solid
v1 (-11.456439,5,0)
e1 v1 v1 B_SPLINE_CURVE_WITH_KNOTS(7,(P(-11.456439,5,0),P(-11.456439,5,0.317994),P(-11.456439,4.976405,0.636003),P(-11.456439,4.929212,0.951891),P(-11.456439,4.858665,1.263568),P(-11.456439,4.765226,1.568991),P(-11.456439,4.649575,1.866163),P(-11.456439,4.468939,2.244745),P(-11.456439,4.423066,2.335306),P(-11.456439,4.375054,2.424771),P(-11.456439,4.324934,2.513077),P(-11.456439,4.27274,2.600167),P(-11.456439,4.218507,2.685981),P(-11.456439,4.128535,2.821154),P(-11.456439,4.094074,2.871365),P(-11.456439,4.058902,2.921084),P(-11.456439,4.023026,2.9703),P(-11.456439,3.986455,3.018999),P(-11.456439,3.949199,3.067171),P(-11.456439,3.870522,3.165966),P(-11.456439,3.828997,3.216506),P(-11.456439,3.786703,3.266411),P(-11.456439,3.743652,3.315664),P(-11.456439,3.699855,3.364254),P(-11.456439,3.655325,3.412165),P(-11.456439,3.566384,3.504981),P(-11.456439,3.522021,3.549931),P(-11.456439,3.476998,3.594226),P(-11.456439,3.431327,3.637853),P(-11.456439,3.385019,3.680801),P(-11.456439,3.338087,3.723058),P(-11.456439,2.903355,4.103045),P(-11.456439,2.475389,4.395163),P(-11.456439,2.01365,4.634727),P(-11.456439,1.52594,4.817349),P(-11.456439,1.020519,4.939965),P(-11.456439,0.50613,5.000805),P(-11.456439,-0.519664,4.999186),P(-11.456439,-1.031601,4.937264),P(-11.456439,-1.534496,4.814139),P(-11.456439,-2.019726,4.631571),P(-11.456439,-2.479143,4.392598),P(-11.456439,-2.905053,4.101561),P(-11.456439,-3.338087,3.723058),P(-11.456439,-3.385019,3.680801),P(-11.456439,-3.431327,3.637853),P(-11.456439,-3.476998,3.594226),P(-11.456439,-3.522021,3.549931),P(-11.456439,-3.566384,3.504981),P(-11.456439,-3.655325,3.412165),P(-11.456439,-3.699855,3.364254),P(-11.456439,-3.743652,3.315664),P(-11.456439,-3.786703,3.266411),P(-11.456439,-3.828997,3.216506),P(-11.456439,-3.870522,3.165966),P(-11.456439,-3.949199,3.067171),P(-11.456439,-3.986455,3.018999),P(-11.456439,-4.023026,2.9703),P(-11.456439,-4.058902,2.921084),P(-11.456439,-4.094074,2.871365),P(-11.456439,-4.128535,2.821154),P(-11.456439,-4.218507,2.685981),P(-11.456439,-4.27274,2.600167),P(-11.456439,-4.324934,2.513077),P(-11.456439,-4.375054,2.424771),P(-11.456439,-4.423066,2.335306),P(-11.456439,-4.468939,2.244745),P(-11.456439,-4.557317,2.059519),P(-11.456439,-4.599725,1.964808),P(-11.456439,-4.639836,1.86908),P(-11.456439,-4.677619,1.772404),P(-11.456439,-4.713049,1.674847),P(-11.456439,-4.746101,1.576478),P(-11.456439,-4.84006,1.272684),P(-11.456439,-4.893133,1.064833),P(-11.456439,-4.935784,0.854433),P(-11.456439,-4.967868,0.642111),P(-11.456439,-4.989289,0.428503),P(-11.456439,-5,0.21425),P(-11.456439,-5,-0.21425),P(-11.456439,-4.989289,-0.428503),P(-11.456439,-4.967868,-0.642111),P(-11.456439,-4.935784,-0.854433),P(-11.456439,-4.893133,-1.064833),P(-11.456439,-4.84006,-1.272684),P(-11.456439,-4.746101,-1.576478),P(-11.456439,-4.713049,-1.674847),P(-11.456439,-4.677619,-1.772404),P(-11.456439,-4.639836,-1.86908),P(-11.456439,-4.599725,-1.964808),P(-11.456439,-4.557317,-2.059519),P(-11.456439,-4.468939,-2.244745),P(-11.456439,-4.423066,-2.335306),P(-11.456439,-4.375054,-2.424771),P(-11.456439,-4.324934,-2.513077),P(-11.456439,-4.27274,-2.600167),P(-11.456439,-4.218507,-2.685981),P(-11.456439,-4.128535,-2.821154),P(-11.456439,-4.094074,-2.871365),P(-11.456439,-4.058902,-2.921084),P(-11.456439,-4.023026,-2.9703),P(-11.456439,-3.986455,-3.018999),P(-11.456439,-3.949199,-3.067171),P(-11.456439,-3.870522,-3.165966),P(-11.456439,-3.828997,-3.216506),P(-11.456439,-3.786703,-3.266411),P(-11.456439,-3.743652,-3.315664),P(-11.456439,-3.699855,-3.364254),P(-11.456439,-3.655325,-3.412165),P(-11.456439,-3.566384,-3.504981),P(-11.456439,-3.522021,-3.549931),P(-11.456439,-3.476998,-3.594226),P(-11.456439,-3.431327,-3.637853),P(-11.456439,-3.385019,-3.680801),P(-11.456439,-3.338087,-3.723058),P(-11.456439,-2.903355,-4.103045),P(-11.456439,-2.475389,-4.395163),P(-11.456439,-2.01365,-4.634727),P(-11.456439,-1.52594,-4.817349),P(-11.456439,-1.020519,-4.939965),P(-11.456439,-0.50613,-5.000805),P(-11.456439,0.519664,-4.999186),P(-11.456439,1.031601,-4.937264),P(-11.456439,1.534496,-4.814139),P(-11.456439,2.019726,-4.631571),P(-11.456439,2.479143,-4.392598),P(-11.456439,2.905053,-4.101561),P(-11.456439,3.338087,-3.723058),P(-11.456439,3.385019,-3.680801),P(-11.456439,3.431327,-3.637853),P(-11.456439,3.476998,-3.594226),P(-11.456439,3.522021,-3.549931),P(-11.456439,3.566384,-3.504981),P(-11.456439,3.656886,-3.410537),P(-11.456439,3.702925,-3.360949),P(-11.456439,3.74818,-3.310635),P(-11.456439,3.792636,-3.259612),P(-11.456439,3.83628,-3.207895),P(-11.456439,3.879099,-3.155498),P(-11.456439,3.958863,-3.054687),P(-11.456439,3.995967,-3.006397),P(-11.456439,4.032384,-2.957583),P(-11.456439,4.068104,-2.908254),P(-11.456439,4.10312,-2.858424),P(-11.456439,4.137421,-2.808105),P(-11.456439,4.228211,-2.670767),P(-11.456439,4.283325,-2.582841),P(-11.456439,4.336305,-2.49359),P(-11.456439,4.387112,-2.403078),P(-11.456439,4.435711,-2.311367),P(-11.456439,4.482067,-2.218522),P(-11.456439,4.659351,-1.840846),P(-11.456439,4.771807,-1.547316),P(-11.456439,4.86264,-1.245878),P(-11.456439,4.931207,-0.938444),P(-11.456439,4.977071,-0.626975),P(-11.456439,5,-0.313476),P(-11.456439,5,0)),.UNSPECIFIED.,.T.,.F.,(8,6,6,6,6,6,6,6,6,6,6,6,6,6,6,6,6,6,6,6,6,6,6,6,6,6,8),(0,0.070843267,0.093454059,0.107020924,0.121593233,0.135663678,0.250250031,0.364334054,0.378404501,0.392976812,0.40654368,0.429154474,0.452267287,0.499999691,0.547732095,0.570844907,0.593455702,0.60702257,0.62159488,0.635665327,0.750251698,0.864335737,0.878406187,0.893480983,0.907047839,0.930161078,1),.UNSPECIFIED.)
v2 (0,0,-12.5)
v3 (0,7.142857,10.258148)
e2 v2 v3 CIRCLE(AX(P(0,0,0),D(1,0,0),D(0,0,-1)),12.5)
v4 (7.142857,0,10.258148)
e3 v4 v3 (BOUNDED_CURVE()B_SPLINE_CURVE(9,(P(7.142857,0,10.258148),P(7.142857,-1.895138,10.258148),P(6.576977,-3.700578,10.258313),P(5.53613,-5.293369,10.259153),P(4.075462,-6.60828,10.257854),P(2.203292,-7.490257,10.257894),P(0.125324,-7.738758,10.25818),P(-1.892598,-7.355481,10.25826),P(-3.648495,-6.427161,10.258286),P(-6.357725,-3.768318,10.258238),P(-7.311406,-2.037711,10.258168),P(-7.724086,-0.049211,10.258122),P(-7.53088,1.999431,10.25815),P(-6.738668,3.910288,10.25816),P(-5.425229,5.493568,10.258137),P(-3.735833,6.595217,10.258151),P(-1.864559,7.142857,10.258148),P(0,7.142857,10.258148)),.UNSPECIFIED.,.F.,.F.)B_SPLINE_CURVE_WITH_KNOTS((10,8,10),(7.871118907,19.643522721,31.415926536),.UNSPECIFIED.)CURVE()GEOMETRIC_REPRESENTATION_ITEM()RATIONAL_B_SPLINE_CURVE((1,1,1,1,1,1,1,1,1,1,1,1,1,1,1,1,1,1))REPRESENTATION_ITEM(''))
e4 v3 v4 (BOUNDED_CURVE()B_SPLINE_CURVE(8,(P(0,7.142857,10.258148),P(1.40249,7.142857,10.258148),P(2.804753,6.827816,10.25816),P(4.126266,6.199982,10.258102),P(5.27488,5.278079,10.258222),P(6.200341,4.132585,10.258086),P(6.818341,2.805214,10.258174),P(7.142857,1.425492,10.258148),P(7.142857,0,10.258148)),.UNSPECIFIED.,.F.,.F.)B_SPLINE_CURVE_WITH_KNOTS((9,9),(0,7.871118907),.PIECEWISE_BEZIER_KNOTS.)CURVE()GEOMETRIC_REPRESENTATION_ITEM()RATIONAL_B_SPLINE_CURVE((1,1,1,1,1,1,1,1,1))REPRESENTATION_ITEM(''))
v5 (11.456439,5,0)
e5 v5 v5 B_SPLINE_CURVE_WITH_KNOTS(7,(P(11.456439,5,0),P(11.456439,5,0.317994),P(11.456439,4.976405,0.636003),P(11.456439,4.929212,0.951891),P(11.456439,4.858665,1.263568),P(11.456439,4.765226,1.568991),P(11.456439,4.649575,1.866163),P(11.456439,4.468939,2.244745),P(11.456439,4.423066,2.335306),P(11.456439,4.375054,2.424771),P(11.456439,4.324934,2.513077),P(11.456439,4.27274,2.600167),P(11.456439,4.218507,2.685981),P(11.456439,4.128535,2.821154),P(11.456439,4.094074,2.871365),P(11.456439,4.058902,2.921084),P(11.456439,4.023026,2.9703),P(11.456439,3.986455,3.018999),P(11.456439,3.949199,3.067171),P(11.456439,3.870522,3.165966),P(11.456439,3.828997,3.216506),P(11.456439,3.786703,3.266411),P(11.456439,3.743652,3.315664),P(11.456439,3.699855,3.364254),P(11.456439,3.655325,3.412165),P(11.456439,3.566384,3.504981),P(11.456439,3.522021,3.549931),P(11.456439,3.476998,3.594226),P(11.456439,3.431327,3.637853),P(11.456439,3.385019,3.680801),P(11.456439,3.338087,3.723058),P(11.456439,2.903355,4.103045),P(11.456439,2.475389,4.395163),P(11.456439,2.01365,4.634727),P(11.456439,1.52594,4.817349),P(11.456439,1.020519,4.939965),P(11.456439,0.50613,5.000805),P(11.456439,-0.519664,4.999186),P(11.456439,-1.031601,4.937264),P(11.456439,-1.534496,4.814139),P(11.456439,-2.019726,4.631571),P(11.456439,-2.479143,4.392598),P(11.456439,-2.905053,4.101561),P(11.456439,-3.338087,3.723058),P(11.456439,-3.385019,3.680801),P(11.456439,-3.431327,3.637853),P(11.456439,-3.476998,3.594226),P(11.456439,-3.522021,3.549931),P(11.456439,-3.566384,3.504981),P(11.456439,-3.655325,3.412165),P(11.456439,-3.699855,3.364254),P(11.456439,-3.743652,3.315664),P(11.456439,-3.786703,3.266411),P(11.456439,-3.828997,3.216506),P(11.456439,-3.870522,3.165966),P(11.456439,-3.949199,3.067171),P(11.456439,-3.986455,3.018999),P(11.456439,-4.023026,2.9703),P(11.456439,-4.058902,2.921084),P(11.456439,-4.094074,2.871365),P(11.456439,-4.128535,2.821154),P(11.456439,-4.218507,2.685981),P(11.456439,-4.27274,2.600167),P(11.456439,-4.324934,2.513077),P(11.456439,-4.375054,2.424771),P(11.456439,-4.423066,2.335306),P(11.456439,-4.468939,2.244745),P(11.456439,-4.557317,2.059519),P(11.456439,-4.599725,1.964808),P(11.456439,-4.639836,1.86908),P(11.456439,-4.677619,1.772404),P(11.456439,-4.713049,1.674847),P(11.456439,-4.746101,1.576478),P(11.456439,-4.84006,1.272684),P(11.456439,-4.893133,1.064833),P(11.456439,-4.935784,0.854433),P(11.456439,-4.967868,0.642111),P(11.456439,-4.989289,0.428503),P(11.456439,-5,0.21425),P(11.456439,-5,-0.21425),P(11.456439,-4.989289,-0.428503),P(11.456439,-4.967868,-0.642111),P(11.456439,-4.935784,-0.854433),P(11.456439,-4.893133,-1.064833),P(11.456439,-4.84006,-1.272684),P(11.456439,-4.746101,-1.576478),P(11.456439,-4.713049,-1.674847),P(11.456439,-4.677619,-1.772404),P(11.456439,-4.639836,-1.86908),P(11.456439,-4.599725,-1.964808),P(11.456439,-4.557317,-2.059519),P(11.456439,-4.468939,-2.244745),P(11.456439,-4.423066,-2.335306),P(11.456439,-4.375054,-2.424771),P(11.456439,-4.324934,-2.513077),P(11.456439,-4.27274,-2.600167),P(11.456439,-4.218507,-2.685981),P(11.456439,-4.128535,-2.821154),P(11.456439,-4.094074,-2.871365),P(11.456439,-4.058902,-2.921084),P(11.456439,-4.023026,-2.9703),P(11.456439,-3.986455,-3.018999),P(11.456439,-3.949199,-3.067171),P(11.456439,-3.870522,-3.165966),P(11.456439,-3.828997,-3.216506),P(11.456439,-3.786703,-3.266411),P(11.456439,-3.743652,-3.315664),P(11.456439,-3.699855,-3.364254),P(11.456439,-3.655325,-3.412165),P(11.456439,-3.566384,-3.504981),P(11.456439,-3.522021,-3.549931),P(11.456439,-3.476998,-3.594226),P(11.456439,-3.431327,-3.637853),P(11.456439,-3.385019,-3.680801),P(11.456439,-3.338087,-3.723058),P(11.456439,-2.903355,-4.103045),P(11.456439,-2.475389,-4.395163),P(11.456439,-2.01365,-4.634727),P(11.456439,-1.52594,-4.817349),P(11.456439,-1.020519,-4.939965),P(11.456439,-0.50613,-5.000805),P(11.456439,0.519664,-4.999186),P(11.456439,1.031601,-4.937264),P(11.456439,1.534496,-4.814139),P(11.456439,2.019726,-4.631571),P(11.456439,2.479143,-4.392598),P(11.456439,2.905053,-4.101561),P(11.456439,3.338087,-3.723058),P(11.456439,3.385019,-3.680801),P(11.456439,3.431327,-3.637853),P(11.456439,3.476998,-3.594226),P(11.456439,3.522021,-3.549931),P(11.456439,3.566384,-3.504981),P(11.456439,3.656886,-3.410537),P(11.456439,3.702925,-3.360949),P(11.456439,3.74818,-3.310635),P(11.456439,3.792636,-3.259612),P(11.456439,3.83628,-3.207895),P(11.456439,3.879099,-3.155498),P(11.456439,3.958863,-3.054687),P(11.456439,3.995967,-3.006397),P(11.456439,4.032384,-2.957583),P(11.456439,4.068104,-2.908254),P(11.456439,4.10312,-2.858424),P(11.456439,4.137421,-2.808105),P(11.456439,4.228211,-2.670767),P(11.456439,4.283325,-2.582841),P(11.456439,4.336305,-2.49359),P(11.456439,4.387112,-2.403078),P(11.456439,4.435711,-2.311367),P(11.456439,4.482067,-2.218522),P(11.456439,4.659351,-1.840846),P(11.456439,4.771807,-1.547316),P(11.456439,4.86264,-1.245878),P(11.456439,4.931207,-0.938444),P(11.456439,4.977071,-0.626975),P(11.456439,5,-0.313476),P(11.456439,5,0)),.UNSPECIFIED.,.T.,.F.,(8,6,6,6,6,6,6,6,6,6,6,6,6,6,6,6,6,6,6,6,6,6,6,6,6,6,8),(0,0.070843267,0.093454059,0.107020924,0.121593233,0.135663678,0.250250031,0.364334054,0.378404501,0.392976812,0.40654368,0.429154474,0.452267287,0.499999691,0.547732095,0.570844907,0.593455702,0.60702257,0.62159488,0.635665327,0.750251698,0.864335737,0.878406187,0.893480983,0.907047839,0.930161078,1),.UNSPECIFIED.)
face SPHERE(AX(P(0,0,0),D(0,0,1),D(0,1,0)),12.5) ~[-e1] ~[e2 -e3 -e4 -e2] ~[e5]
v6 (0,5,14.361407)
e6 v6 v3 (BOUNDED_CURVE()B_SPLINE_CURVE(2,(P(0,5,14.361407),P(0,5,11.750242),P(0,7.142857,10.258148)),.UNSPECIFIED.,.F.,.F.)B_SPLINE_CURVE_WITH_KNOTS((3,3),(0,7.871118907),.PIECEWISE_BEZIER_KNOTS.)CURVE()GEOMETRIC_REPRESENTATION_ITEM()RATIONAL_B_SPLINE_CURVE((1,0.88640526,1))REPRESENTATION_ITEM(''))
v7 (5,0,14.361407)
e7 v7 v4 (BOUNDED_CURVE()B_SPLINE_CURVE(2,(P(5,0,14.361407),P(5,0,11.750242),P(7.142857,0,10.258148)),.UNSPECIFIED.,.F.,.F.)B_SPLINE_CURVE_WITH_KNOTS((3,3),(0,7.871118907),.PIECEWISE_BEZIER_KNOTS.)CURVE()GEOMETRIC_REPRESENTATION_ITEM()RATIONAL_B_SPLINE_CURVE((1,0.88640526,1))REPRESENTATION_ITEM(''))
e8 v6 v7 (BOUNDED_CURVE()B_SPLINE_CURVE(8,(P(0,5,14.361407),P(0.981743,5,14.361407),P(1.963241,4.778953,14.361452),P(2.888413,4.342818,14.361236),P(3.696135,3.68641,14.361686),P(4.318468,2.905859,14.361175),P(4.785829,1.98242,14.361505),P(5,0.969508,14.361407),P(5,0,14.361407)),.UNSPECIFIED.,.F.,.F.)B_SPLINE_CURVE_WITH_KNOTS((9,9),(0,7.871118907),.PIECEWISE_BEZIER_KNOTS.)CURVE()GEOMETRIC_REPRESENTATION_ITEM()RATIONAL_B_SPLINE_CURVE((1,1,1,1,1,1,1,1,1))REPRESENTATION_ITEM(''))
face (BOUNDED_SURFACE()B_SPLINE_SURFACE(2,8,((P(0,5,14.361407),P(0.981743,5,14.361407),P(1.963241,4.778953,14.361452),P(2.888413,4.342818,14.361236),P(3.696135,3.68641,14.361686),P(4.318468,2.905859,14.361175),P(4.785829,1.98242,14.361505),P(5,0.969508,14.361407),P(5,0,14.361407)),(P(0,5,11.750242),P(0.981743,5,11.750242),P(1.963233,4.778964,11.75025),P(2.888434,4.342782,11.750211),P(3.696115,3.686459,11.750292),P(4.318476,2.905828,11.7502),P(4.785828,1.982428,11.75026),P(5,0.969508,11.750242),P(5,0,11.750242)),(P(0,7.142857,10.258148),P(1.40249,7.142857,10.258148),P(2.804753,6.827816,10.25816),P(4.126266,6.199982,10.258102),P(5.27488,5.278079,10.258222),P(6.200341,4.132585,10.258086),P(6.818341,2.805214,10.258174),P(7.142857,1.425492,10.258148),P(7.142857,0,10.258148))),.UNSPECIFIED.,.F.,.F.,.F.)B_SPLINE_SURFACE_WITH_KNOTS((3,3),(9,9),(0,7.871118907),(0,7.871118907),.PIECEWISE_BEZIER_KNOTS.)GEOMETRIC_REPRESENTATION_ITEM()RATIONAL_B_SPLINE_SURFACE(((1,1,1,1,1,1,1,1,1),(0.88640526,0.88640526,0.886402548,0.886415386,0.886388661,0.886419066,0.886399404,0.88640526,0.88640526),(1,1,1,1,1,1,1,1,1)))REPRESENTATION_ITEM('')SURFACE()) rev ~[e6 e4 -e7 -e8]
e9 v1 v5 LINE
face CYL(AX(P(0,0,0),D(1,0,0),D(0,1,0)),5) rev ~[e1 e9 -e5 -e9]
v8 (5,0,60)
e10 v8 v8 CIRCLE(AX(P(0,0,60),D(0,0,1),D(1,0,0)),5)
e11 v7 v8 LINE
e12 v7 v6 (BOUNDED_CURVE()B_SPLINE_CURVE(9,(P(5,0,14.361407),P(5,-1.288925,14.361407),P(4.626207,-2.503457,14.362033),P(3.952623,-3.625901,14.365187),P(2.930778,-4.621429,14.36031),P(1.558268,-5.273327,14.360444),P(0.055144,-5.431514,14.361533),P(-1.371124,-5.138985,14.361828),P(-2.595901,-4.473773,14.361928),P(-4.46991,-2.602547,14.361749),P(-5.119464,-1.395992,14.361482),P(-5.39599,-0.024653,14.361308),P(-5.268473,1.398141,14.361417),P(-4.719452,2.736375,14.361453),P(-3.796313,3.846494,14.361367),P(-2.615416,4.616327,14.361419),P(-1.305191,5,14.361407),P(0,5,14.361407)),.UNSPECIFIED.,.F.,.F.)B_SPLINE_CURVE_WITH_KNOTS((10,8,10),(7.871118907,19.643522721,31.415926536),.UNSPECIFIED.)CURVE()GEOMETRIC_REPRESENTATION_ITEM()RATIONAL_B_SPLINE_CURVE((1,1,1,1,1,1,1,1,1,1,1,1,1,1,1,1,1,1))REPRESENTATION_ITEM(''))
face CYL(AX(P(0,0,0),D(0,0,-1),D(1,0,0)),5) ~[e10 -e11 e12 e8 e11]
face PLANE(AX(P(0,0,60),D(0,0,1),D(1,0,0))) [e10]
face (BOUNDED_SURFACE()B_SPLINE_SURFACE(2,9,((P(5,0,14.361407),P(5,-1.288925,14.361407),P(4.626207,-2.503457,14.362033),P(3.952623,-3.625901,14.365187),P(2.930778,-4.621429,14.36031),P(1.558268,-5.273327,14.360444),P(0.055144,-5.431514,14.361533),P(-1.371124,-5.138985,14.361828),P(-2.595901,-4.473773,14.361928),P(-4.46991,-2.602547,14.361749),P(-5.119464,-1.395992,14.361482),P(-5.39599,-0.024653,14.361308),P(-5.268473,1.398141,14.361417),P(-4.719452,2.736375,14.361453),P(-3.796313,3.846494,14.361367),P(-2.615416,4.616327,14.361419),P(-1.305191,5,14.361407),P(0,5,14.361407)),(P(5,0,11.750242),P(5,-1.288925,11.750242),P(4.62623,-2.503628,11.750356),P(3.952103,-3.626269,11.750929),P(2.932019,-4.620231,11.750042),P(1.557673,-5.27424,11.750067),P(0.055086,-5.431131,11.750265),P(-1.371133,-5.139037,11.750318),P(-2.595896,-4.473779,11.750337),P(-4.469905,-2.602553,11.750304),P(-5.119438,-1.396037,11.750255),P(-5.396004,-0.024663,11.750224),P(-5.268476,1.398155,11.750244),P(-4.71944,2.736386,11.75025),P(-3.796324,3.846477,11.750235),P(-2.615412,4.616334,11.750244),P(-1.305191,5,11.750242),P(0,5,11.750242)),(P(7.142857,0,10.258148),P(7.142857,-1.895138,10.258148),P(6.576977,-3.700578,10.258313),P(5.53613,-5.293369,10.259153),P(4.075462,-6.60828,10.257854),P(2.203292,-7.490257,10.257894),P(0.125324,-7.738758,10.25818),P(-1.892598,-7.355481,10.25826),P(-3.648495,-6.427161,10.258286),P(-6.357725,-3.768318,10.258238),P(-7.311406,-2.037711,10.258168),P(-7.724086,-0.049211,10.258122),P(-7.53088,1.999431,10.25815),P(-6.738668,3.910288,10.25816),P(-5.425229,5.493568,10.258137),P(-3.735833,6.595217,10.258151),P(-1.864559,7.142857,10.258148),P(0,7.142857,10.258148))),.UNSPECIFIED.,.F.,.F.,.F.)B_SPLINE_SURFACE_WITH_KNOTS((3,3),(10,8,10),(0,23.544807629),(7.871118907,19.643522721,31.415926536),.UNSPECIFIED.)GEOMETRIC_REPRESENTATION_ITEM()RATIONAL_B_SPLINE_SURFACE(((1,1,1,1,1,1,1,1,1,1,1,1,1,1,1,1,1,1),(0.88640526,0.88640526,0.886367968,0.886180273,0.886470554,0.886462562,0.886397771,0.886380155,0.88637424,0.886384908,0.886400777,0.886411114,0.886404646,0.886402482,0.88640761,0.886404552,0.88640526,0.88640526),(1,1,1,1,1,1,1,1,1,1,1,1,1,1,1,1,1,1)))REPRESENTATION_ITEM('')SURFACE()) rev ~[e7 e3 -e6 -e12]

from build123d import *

# Parameters (mm, degrees)
F3_R     = 5
F4_DEPTH = 60
F2_R     = 5
F5_DEPTH = 15000
F6_R     = 5


with BuildPart() as f1:
    # F0 (on Right) → F1 (revolve)
    with BuildSketch(Plane.YZ):
        with BuildLine():
            Line((0, 12.5), (0, -12.5))
            ThreePointArc((0, -12.5), (12.5, 0), (0, 12.5))
        make_face()
    revolve(axis=Axis((0, 0, -1.2070862576), (0, 0, -1)))

    # F3 (on Top) → F4 (join)
    with BuildSketch(Plane.XY):
        Circle(F3_R)
    extrude(amount=F4_DEPTH)

    # F2 (on Right) → F5 (cut, symmetric)
    with BuildSketch(Plane.YZ):
        Circle(F2_R)
    extrude(amount=F5_DEPTH, both=True, mode=Mode.SUBTRACT)

    # F6
    f6_edges = [f1.edges().sort_by_distance(p)[0] for p in [
        (3.535534, 3.535534, 11.456439),
        (-3.535534, -3.535534, 11.456439),
    ]]
    fillet(f6_edges, radius=F6_R)


solid = f1.part
